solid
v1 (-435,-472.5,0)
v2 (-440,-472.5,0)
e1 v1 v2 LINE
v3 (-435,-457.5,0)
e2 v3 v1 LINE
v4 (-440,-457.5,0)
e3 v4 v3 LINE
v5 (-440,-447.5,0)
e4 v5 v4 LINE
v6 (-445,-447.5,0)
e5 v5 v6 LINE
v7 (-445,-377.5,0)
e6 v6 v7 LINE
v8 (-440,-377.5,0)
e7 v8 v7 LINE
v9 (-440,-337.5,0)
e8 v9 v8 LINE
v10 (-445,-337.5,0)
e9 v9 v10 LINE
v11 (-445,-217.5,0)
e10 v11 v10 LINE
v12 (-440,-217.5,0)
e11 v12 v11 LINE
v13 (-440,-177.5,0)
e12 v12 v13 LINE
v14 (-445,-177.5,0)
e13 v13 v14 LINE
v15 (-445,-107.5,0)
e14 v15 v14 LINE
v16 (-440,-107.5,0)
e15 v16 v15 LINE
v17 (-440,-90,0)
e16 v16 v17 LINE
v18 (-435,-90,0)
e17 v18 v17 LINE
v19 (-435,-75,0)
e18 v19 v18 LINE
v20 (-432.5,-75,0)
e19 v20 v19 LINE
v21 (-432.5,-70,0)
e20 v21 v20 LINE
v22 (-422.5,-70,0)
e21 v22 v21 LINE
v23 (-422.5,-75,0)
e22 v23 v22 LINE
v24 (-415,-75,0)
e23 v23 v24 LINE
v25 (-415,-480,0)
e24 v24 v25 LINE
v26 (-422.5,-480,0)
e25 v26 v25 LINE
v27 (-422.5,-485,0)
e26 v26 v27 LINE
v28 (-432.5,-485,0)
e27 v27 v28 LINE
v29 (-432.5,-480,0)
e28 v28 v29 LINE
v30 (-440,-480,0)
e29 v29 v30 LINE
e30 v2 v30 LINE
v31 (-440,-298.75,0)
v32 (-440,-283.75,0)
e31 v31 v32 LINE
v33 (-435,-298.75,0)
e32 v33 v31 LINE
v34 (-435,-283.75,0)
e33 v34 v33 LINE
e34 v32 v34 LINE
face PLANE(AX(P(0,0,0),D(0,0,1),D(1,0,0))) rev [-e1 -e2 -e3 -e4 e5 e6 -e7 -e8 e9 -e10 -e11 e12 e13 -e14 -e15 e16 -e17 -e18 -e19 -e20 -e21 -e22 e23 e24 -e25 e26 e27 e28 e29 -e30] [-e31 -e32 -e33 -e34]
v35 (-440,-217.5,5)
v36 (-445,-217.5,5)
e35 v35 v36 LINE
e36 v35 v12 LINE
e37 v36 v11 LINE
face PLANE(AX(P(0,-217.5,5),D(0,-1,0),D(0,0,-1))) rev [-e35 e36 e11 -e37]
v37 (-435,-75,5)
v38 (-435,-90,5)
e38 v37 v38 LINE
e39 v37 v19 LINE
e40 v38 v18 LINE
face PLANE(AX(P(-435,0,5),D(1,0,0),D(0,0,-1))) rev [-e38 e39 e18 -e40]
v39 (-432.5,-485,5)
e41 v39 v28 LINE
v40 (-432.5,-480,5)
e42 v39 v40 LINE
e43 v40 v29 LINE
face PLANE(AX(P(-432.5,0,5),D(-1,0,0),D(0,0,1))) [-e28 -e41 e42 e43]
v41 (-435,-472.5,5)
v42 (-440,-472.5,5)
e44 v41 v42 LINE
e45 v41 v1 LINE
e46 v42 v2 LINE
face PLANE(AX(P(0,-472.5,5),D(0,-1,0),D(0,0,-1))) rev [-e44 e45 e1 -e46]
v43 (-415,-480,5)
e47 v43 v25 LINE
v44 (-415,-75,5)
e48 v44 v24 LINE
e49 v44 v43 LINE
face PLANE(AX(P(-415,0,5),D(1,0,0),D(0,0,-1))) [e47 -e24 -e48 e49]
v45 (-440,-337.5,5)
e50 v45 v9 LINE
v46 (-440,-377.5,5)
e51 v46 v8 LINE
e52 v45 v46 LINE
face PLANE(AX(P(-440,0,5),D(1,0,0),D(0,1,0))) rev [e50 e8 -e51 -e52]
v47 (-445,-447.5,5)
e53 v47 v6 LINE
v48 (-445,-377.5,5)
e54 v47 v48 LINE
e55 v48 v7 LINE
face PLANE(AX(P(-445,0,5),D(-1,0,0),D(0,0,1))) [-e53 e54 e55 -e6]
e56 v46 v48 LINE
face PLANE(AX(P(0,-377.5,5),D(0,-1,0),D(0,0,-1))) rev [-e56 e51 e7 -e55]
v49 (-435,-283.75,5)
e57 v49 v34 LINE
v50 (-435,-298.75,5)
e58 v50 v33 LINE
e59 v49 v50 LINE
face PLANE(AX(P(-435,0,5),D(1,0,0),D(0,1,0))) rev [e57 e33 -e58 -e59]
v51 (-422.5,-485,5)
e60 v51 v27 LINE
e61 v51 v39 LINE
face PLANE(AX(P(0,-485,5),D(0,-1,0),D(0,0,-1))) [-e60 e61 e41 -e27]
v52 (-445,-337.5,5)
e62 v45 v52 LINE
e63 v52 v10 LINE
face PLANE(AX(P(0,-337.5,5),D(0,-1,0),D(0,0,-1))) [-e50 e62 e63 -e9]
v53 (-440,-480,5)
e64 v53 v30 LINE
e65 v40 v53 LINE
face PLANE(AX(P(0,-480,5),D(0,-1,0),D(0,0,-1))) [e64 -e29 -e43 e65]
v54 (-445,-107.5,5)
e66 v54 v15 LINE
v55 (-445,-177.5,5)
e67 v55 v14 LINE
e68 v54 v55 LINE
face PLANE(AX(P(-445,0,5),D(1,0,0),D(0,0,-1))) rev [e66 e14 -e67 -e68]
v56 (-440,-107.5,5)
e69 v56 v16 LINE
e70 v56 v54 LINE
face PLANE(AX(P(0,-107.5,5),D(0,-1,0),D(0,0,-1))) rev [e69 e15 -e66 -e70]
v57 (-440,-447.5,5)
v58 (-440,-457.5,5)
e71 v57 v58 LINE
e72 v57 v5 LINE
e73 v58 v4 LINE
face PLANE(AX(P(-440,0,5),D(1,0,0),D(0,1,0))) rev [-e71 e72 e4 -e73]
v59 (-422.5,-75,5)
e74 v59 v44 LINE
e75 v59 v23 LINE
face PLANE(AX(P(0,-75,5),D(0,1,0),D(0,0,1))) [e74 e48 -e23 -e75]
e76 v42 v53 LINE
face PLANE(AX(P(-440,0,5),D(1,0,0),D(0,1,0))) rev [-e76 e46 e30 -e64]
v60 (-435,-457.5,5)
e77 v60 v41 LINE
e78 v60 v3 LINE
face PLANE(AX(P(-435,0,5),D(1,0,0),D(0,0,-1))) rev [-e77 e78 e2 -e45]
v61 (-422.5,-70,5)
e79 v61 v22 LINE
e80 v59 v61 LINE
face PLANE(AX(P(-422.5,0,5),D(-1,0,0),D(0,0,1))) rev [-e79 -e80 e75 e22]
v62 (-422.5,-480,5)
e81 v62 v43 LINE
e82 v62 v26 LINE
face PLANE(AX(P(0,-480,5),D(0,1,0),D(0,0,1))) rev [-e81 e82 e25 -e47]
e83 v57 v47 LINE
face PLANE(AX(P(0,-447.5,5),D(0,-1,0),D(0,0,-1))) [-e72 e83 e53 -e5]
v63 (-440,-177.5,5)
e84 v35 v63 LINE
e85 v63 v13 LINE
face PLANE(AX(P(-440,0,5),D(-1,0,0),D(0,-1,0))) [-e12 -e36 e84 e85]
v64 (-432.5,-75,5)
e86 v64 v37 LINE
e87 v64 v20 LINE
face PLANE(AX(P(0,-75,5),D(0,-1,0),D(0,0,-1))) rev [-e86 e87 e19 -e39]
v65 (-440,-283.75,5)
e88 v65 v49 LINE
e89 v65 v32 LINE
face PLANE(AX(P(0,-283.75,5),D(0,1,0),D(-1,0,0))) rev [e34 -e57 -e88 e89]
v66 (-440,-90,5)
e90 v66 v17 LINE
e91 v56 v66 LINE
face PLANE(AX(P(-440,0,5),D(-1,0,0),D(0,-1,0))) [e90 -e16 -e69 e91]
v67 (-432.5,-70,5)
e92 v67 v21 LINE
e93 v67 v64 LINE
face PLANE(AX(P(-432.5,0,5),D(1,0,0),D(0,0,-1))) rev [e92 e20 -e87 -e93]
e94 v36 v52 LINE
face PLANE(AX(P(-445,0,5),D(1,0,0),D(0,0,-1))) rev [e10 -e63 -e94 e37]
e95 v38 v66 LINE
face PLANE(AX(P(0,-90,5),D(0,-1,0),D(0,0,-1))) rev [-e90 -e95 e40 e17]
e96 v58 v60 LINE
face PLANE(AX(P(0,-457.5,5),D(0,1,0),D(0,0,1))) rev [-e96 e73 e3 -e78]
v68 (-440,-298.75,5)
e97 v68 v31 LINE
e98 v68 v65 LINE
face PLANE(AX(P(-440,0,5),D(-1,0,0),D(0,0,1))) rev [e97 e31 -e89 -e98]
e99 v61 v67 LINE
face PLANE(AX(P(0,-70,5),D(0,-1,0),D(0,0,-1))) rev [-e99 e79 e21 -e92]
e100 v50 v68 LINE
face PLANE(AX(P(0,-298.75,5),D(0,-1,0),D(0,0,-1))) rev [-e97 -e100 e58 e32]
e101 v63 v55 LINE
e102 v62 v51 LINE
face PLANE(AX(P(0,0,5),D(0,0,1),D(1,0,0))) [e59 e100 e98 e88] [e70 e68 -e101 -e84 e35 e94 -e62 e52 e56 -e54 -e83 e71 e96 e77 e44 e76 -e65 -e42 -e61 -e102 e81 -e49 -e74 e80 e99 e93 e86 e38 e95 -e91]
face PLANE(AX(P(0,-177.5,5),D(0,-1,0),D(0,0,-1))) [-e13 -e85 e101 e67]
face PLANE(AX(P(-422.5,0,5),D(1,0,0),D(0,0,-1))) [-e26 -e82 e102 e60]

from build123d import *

# Parameters (mm, degrees)
SKETCH1_W           = 5
SKETCH1_H           = 15
BOSS_EXTRUDE1_DEPTH = 5


with BuildPart() as part:
    # Sketch1 → Boss-Extrude1 (new body)
    with BuildSketch(Plane.XY):
        Polygon((-440, -217.5), (-440, -177.5), (-445, -177.5), (-445, -107.5), (-440, -107.5), (-440, -90), (-435, -90), (-435, -75), (-432.5, -75), (-432.5, -70), (-422.5, -70), (-422.5, -75), (-415, -75), (-415, -480), (-422.5, -480), (-422.5, -485), (-432.5, -485), (-432.5, -480), (-440, -480), (-440, -472.5), (-435, -472.5), (-435, -457.5), (-440, -457.5), (-440, -447.5), (-445, -447.5), (-445, -377.5), (-440, -377.5), (-440, -337.5), (-445, -337.5), (-445, -217.5), align=None)
        with Locations((-437.5, -291.25)):
            Rectangle(SKETCH1_W, SKETCH1_H, mode=Mode.SUBTRACT)
    extrude(amount=BOSS_EXTRUDE1_DEPTH)


solid = part.part
